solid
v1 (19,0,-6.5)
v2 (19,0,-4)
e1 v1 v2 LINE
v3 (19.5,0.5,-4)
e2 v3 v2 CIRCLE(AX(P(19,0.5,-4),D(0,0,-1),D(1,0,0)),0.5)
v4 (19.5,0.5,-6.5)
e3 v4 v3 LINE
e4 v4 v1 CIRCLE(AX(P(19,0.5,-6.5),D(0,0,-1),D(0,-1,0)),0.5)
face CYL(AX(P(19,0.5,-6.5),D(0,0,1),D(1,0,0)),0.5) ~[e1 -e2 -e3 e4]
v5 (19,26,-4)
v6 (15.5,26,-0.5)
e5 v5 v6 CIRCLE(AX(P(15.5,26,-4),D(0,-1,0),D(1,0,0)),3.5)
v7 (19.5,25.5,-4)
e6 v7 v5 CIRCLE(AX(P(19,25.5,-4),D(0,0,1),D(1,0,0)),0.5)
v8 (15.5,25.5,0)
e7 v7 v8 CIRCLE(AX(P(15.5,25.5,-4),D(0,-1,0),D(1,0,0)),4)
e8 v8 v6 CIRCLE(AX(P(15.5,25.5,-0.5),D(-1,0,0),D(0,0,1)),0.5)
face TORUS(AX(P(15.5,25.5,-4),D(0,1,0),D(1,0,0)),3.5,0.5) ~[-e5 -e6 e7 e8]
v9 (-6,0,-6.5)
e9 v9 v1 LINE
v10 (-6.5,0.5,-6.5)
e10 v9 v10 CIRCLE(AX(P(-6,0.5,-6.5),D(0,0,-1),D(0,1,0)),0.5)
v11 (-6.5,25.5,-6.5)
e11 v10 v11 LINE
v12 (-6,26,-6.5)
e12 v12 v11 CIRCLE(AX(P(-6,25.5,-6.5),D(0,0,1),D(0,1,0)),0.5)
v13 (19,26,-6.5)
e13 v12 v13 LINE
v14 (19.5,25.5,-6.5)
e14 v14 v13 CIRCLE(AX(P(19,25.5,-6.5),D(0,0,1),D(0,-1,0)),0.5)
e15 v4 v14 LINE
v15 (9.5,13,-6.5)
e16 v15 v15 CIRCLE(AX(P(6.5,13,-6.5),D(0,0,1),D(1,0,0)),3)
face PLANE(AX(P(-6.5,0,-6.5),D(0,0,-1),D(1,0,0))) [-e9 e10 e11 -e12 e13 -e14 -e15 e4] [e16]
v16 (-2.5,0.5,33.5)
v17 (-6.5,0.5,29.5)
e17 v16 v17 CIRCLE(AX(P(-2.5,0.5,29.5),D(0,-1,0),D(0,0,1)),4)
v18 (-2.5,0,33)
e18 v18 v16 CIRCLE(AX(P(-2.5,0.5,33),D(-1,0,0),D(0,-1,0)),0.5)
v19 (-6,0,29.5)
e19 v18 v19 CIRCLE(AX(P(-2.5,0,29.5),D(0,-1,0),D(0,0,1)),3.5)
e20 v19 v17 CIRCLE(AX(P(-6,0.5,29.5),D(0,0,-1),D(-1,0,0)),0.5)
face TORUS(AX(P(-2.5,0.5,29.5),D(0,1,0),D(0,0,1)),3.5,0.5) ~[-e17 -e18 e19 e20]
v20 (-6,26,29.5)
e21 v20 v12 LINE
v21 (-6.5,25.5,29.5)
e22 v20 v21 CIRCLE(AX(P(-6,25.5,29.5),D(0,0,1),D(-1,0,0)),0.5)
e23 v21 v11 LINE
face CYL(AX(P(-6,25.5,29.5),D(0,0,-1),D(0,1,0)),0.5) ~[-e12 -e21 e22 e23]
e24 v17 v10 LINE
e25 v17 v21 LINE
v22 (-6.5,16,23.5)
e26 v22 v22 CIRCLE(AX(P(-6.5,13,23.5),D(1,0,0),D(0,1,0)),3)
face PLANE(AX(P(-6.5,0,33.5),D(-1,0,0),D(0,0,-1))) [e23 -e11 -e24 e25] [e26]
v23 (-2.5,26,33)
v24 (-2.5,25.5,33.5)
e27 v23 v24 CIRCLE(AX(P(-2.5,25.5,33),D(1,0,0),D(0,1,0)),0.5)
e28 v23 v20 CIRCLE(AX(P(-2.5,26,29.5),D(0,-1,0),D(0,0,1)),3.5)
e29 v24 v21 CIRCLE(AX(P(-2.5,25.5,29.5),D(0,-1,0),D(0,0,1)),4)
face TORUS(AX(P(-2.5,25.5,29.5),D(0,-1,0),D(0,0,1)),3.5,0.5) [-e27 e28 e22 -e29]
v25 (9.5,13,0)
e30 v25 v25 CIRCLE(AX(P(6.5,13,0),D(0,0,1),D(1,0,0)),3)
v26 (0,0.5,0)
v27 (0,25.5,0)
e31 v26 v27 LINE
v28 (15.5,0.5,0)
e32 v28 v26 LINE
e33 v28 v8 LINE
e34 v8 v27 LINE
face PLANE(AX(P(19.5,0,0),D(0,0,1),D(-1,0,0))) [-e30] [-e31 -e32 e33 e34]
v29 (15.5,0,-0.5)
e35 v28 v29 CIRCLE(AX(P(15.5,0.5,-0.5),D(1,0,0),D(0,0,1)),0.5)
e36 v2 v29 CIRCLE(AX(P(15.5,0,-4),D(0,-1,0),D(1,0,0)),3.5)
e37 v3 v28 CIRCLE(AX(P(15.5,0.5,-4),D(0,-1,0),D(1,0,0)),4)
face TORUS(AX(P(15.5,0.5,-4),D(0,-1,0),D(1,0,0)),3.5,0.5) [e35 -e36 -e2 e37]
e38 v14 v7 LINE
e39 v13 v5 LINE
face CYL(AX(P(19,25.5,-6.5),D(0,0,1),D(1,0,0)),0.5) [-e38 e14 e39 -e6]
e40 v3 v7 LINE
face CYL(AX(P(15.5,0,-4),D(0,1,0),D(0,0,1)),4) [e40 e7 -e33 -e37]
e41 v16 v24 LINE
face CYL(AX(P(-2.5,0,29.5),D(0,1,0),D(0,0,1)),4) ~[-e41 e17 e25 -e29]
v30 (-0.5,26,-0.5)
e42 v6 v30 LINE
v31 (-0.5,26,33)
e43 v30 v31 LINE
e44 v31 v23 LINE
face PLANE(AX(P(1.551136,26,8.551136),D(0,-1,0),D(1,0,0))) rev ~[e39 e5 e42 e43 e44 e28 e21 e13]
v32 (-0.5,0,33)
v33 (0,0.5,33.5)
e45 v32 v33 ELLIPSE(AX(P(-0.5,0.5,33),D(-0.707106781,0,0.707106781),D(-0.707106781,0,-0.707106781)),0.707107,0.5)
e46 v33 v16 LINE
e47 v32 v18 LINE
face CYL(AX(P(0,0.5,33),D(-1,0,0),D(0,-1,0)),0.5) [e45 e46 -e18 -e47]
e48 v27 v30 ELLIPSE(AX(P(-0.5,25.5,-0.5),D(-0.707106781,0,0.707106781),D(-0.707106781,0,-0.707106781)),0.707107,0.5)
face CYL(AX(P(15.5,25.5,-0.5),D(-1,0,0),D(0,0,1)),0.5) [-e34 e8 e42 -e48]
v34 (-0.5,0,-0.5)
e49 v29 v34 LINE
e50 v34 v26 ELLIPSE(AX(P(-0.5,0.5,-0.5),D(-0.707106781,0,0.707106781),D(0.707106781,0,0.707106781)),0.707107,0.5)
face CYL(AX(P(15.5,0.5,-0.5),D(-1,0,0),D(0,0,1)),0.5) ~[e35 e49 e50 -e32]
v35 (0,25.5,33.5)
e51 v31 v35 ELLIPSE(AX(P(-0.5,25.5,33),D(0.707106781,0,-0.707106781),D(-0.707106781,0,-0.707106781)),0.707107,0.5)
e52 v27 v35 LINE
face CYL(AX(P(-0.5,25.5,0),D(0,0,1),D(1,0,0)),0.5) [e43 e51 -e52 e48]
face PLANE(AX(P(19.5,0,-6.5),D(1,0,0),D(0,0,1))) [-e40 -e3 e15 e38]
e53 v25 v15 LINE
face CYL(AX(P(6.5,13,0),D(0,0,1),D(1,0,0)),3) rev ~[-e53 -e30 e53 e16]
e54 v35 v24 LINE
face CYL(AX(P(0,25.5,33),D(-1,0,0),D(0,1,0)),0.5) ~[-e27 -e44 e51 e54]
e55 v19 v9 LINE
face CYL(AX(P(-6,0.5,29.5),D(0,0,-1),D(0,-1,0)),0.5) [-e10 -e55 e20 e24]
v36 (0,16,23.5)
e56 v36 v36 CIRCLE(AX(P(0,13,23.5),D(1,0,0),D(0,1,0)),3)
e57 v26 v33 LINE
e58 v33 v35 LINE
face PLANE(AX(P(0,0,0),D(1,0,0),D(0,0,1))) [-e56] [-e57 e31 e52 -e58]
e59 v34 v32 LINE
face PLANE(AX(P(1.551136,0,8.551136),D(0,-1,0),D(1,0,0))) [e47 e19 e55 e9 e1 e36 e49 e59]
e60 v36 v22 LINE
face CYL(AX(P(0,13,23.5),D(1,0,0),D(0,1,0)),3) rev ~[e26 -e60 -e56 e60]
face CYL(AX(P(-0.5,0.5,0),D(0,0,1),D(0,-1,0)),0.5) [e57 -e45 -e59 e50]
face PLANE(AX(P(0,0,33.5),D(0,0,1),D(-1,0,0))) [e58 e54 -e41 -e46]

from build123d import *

# Parameters (mm, degrees)
F1_DEPTH = 26
F2_R     = 3
F3_DEPTH = 25
F4_R     = 3
F5_DEPTH = 25
F6_R     = 4
F7_R     = 0.5


with BuildPart() as f1:
    # F0 (on Front) → F1 (new body)
    with BuildSketch(Plane.XZ):
        Polygon((0, 0), (0, 33.5), (-6.5, 33.5), (-6.5, -6.5), (19.5, -6.5), (19.5, 0), align=None)
    extrude(amount=-F1_DEPTH)

    # F2 (on Right) → F3 (cut)
    with BuildSketch(Plane.YZ):
        with Locations((13, 23.5)):
            Circle(F2_R)
    extrude(amount=-F3_DEPTH, mode=Mode.SUBTRACT)

    # F4 (on Top) → F5 (cut)
    with BuildSketch(Plane.XY):
        with Locations((6.5, 13)):
            Circle(F4_R)
    extrude(amount=-F5_DEPTH, mode=Mode.SUBTRACT)

    # F6
    f6_edges = [f1.edges().sort_by_distance(p)[0] for p in [
        (-6.5, 13, 33.5),
        (19.5, 13, 0),
    ]]
    fillet(f6_edges, radius=F6_R)

    # F7
    f7_edges = [f1.edges().sort_by_distance(p)[0] for p in [
        (-6.5, 0, 11.5),
        (-6.5, 26, 11.5),
        (7.75, 26, 0),
        (0, 26, 16.75),
        (0, 0, 16.75),
        (7.75, 0, 0),
    ]]
    fillet(f7_edges, radius=F7_R)


solid = f1.part
